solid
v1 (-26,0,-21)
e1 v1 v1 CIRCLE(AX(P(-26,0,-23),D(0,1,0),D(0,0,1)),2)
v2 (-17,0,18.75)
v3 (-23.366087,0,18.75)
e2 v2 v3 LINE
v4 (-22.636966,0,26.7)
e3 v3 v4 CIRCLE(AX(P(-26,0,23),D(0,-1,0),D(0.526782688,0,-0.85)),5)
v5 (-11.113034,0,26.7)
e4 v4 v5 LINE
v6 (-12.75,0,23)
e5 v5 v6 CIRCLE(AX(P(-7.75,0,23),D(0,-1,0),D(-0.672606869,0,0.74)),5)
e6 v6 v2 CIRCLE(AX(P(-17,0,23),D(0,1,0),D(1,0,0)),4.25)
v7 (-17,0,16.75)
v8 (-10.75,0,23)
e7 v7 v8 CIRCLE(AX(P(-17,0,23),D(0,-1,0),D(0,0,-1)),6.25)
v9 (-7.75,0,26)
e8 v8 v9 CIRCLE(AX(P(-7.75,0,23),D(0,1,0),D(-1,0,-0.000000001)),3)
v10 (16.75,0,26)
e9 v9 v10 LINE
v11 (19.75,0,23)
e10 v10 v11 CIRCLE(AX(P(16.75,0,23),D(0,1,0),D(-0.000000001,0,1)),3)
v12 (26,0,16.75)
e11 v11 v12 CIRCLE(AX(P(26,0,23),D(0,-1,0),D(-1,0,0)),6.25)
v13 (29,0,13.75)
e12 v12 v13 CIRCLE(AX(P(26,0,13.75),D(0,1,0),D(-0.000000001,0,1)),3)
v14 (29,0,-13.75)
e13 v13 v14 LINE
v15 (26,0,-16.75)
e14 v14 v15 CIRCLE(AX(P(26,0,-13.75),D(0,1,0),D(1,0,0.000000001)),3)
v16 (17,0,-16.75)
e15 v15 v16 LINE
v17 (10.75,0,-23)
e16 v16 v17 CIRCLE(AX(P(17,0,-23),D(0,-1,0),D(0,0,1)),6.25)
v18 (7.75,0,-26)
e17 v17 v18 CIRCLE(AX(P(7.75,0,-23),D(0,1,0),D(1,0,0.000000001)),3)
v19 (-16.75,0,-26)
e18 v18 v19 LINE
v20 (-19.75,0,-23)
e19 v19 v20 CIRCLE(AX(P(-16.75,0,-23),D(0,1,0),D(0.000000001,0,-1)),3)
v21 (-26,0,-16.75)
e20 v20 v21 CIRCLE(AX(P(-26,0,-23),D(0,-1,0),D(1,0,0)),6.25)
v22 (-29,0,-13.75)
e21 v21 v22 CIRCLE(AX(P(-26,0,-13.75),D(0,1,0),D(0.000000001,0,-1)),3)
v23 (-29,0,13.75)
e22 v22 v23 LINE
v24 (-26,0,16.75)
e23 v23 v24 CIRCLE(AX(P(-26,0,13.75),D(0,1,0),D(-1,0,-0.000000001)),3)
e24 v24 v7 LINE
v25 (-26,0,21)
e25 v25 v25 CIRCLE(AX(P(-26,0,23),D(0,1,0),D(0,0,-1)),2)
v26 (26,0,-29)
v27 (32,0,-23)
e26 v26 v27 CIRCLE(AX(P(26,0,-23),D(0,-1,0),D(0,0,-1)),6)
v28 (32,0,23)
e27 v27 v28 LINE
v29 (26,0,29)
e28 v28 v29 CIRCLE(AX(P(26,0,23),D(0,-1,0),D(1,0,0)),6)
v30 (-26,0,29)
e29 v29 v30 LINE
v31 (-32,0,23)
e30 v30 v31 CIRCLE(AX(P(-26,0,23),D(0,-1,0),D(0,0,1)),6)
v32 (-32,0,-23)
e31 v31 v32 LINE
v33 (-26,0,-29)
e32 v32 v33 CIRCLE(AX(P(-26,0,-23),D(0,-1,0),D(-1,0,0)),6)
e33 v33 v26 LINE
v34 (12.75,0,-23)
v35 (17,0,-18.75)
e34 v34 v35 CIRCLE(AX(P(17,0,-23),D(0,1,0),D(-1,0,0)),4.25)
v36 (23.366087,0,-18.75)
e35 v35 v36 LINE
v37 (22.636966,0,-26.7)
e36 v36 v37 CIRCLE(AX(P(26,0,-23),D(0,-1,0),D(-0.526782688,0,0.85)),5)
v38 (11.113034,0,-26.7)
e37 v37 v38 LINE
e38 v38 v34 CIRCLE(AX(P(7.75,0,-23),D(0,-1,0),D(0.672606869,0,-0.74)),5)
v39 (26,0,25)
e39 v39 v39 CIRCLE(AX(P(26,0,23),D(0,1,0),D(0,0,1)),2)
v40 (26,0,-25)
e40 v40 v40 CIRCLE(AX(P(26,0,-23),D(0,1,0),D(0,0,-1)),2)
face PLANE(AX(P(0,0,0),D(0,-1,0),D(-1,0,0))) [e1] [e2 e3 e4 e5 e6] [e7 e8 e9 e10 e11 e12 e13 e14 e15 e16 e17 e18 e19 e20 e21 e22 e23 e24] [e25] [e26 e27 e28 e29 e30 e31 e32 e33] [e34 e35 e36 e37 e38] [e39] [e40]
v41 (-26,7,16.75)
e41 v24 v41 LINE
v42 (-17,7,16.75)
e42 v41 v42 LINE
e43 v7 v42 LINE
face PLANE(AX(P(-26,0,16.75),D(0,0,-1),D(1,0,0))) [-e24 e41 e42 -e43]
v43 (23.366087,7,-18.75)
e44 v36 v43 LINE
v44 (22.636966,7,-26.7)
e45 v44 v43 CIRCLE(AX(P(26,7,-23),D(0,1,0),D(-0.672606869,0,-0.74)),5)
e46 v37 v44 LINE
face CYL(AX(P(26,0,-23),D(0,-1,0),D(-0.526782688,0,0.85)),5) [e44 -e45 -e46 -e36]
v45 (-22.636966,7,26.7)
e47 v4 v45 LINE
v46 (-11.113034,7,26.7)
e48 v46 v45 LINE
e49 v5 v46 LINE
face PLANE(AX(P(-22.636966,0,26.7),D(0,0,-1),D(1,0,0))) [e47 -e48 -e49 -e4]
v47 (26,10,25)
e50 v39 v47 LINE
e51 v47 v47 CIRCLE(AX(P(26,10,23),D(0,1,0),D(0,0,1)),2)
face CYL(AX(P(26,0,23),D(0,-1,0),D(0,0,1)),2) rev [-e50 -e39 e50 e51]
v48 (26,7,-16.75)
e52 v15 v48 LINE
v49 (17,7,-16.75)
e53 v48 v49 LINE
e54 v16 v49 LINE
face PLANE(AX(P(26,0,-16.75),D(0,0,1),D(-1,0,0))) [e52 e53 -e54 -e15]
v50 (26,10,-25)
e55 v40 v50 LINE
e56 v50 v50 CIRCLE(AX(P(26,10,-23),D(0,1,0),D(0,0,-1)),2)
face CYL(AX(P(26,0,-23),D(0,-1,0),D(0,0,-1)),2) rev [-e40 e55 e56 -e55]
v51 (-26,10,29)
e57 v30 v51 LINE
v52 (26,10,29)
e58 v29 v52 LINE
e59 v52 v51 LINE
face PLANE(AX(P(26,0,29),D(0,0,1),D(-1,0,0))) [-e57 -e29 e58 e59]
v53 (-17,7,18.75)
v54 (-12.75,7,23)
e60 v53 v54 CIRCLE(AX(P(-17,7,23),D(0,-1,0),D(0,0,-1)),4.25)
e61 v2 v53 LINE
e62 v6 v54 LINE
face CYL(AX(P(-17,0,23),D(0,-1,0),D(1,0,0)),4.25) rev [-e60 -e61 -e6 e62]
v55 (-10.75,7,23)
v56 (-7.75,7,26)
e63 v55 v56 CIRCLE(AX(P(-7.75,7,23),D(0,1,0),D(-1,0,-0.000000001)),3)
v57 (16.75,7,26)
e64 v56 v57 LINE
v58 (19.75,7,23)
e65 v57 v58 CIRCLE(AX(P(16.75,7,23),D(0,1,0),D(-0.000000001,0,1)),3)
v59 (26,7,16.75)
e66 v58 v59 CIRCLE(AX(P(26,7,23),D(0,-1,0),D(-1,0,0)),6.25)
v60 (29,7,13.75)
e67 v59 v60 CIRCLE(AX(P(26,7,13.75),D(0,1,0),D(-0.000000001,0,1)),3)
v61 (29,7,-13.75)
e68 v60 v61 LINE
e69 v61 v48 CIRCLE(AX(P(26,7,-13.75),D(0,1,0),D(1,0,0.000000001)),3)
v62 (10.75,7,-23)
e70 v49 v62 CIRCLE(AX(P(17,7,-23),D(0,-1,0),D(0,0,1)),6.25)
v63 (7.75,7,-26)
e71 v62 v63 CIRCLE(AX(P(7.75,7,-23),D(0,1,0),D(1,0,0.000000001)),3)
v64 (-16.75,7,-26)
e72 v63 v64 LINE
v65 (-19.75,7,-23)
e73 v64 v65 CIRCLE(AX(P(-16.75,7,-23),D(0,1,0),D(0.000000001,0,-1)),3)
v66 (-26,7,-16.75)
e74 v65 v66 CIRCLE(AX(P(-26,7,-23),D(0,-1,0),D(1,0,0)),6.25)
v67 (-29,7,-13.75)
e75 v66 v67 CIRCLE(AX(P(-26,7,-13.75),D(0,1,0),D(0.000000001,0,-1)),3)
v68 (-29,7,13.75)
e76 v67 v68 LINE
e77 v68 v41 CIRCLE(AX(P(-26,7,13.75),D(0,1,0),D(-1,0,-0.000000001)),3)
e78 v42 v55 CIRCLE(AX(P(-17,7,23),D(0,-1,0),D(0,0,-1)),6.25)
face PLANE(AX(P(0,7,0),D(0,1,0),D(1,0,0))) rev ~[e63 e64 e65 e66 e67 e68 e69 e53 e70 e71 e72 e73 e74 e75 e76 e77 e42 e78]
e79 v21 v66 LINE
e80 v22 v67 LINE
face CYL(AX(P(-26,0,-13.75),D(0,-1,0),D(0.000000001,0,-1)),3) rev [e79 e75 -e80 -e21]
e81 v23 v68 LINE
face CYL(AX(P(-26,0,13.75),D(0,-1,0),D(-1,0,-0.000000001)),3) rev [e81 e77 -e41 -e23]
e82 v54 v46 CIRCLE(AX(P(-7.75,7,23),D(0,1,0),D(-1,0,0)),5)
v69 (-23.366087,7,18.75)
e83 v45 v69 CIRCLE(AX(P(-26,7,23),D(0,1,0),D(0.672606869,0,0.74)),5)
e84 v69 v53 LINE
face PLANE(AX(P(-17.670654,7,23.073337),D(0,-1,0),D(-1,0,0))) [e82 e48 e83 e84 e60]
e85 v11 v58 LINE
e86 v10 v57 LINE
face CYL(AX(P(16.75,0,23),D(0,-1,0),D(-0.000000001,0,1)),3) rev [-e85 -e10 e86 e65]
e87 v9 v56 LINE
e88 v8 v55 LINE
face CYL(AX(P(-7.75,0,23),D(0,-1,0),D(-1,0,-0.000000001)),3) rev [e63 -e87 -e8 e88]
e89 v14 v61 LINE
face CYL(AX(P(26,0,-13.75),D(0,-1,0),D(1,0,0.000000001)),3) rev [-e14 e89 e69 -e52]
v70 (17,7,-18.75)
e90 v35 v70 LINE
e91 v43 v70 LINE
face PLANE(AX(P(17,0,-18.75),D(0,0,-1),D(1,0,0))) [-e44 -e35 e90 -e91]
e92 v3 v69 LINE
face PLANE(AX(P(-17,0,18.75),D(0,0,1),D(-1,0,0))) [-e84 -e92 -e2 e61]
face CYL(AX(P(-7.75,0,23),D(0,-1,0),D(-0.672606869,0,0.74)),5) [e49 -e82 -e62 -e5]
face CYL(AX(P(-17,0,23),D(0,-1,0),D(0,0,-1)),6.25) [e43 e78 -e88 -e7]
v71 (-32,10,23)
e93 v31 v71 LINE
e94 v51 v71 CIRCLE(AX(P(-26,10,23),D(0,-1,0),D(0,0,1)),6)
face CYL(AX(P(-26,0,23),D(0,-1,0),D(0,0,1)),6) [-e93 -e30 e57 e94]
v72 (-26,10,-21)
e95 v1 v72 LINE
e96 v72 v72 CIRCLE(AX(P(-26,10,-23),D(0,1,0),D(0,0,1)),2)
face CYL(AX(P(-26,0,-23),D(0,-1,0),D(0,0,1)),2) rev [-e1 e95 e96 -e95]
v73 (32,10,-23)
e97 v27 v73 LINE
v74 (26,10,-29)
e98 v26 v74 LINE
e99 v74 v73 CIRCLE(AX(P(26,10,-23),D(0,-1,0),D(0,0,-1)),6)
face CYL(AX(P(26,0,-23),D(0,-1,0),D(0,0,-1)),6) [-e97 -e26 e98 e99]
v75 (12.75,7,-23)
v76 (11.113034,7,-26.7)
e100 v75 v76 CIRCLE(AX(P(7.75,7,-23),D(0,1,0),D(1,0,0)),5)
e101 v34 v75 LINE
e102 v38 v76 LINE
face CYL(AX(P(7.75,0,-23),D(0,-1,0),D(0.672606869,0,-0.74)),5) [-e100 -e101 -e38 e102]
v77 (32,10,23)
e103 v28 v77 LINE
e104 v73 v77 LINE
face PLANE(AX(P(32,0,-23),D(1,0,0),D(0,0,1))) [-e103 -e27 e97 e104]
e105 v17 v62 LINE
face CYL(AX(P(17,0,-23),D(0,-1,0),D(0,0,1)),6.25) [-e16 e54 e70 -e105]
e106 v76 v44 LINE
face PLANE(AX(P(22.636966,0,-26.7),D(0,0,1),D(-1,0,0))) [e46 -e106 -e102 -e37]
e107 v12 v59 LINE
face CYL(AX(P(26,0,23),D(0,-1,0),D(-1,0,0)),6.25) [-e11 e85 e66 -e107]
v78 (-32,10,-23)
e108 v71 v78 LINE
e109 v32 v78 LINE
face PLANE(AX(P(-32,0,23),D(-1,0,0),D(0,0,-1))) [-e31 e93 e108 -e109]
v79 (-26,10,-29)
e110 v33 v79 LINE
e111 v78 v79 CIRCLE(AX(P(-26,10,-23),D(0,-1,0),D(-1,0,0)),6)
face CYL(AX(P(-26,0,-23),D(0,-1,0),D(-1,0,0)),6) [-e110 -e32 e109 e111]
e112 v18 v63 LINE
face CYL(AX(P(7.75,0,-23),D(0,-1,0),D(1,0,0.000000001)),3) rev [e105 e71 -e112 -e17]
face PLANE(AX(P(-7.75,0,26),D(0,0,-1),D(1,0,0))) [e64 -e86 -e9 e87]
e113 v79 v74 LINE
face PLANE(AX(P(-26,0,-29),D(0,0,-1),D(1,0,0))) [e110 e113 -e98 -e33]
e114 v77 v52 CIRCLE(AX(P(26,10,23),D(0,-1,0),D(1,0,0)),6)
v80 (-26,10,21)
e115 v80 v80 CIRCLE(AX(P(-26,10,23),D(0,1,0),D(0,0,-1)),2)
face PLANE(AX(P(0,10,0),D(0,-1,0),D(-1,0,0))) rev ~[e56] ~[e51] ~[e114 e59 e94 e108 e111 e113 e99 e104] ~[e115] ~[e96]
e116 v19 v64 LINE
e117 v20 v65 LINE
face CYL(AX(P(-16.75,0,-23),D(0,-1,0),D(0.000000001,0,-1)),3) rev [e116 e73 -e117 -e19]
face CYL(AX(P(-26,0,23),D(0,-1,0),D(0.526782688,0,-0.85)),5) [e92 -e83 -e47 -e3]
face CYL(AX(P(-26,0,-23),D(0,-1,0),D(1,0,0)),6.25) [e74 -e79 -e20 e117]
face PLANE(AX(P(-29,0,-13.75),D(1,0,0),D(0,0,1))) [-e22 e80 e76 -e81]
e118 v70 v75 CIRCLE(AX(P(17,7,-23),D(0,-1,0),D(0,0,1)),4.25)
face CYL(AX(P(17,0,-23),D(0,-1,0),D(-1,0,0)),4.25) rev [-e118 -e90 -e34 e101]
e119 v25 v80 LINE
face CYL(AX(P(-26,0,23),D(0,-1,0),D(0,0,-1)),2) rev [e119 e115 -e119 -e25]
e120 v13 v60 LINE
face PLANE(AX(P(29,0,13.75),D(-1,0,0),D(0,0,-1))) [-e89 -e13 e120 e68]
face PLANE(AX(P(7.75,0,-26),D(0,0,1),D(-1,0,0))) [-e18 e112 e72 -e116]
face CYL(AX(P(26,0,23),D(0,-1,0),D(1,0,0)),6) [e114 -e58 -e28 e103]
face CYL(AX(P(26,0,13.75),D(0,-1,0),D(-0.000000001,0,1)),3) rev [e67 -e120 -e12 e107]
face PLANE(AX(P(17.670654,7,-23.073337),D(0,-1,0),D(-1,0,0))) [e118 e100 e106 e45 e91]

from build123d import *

# Parameters (mm, degrees)
SKETCH_1_R      = 2
EXTRUDE_1_DEPTH = 10
EXTRUDE_START   = 7
EXTRUDE_3_DEPTH = 3


with BuildPart() as part:
    # Эскиз1 → Бобышка-Вытянуть1 (new body)
    with BuildSketch(Plane(origin=(0, 0, 0), x_dir=(1, 0, 0), z_dir=(0, 1, 0))):
        with BuildLine():
            Line((-26, 29), (26, 29))
            ThreePointArc((26, 29), (30.242640687, 27.242640687), (32, 23))
            Line((32, 23), (32, -23))
            ThreePointArc((32, -23), (30.242640687, -27.242640687), (26, -29))
            Line((26, -29), (-26, -29))
            ThreePointArc((-26, -29), (-30.242640687, -27.242640687), (-32, -23))
            Line((-32, -23), (-32, 23))
            ThreePointArc((-32, 23), (-30.242640687, 27.242640687), (-26, 29))
        make_face()
        with Locations(Location((-26, 23, 0), (0, 0, 270))):
            Circle(SKETCH_1_R, mode=Mode.SUBTRACT)
        with Locations(Location((26, 23, 0), (0, 0, 90))):
            Circle(SKETCH_1_R, mode=Mode.SUBTRACT)
        with Locations(Location((26, -23, 0), (0, 0, 270))):
            Circle(SKETCH_1_R, mode=Mode.SUBTRACT)
        with Locations(Location((-26, -23, 0), (0, 0, 90))):
            Circle(SKETCH_1_R, mode=Mode.SUBTRACT)
        with BuildLine():
            Line((7.75, 26), (-16.75, 26))
            ThreePointArc((-16.75, 26), (-18.871320344, 25.121320344), (-19.75, 23))
            ThreePointArc((-19.75, 23), (-21.580582618, 18.580582618), (-26, 16.75))
            ThreePointArc((-26, 16.75), (-28.121320344, 15.871320344), (-29, 13.75))
            Line((-29, 13.75), (-29, -13.75))
            ThreePointArc((-29, -13.75), (-28.121320344, -15.871320344), (-26, -16.75))
            Line((-26, -16.75), (-17, -16.75))
            ThreePointArc((-17, -16.75), (-12.580582618, -18.580582618), (-10.75, -23))
            ThreePointArc((-10.75, -23), (-9.871320344, -25.121320344), (-7.75, -26))
            Line((-7.75, -26), (16.75, -26))
            ThreePointArc((16.75, -26), (18.871320344, -25.121320344), (19.75, -23))
            ThreePointArc((19.75, -23), (21.580582618, -18.580582618), (26, -16.75))
            ThreePointArc((26, -16.75), (28.121320344, -15.871320344), (29, -13.75))
            Line((29, -13.75), (29, 13.75))
            ThreePointArc((29, 13.75), (28.121320344, 15.871320344), (26, 16.75))
            Line((26, 16.75), (17, 16.75))
            ThreePointArc((17, 16.75), (12.580582618, 18.580582618), (10.75, 23))
            ThreePointArc((10.75, 23), (9.871320344, 25.121320344), (7.75, 26))
        make_face(mode=Mode.SUBTRACT)
        with BuildLine():
            Line((17, 18.75), (23.366086562, 18.75))
            ThreePointArc((23.366086562, 18.75), (21.020896599, 22.543349889), (22.636965656, 26.7))
            Line((22.636965656, 26.7), (11.113034344, 26.7))
            ThreePointArc((11.113034344, 26.7), (12.322481368, 25.022971611), (12.75, 23))
            ThreePointArc((12.75, 23), (13.99479618, 19.99479618), (17, 18.75))
        make_face(mode=Mode.SUBTRACT)
        with BuildLine():
            Line((-22.636965656, -26.7), (-11.113034344, -26.7))
            ThreePointArc((-11.113034344, -26.7), (-12.322481368, -25.022971611), (-12.75, -23))
            ThreePointArc((-12.75, -23), (-13.99479618, -19.99479618), (-17, -18.75))
            Line((-17, -18.75), (-23.366086562, -18.75))
            ThreePointArc((-23.366086562, -18.75), (-21.020896599, -22.543349889), (-22.636965656, -26.7))
        make_face(mode=Mode.SUBTRACT)
    extrude(amount=EXTRUDE_1_DEPTH)

    # Эскиз1<15> → Бобышка-Вытянуть3 (add)
    with BuildSketch(Plane(origin=(0, 0, 0), x_dir=(1, 0, 0), z_dir=(0, 1, 0)).offset(EXTRUDE_START)):
        with BuildLine():
            ThreePointArc((-17, -16.75), (-12.580582618, -18.580582618), (-10.75, -23))
            ThreePointArc((-10.75, -23), (-9.871320344, -25.121320344), (-7.75, -26))
            Line((-7.75, -26), (16.75, -26))
            ThreePointArc((16.75, -26), (18.871320344, -25.121320344), (19.75, -23))
            ThreePointArc((19.75, -23), (21.580582618, -18.580582618), (26, -16.75))
            ThreePointArc((26, -16.75), (28.121320344, -15.871320344), (29, -13.75))
            Line((29, -13.75), (29, 13.75))
            ThreePointArc((29, 13.75), (28.121320344, 15.871320344), (26, 16.75))
            Line((26, 16.75), (17, 16.75))
            ThreePointArc((17, 16.75), (12.580582618, 18.580582618), (10.75, 23))
            ThreePointArc((10.75, 23), (9.871320344, 25.121320344), (7.75, 26))
            Line((7.75, 26), (-16.75, 26))
            ThreePointArc((-16.75, 26), (-18.871320344, 25.121320344), (-19.75, 23))
            ThreePointArc((-19.75, 23), (-21.580582618, 18.580582618), (-26, 16.75))
            ThreePointArc((-26, 16.75), (-28.121320344, 15.871320344), (-29, 13.75))
            Line((-29, 13.75), (-29, -13.75))
            ThreePointArc((-29, -13.75), (-28.121320344, -15.871320344), (-26, -16.75))
            Line((-26, -16.75), (-17, -16.75))
        make_face()
        with BuildLine():
            ThreePointArc((12.75, 23), (12.322481368, 25.022971611), (11.113034344, 26.7))
            Line((11.113034344, 26.7), (22.636965656, 26.7))
            ThreePointArc((22.636965656, 26.7), (21.020896599, 22.543349889), (23.366086562, 18.75))
            Line((23.366086562, 18.75), (17, 18.75))
            ThreePointArc((17, 18.75), (13.99479618, 19.99479618), (12.75, 23))
        make_face()
        with BuildLine():
            ThreePointArc((-12.75, -23), (-12.322481368, -25.022971611), (-11.113034344, -26.7))
            Line((-11.113034344, -26.7), (-22.636965656, -26.7))
            ThreePointArc((-22.636965656, -26.7), (-21.020896599, -22.543349889), (-23.366086562, -18.75))
            Line((-23.366086562, -18.75), (-17, -18.75))
            ThreePointArc((-17, -18.75), (-13.99479618, -19.99479618), (-12.75, -23))
        make_face()
    extrude(amount=EXTRUDE_3_DEPTH)


solid = part.part
